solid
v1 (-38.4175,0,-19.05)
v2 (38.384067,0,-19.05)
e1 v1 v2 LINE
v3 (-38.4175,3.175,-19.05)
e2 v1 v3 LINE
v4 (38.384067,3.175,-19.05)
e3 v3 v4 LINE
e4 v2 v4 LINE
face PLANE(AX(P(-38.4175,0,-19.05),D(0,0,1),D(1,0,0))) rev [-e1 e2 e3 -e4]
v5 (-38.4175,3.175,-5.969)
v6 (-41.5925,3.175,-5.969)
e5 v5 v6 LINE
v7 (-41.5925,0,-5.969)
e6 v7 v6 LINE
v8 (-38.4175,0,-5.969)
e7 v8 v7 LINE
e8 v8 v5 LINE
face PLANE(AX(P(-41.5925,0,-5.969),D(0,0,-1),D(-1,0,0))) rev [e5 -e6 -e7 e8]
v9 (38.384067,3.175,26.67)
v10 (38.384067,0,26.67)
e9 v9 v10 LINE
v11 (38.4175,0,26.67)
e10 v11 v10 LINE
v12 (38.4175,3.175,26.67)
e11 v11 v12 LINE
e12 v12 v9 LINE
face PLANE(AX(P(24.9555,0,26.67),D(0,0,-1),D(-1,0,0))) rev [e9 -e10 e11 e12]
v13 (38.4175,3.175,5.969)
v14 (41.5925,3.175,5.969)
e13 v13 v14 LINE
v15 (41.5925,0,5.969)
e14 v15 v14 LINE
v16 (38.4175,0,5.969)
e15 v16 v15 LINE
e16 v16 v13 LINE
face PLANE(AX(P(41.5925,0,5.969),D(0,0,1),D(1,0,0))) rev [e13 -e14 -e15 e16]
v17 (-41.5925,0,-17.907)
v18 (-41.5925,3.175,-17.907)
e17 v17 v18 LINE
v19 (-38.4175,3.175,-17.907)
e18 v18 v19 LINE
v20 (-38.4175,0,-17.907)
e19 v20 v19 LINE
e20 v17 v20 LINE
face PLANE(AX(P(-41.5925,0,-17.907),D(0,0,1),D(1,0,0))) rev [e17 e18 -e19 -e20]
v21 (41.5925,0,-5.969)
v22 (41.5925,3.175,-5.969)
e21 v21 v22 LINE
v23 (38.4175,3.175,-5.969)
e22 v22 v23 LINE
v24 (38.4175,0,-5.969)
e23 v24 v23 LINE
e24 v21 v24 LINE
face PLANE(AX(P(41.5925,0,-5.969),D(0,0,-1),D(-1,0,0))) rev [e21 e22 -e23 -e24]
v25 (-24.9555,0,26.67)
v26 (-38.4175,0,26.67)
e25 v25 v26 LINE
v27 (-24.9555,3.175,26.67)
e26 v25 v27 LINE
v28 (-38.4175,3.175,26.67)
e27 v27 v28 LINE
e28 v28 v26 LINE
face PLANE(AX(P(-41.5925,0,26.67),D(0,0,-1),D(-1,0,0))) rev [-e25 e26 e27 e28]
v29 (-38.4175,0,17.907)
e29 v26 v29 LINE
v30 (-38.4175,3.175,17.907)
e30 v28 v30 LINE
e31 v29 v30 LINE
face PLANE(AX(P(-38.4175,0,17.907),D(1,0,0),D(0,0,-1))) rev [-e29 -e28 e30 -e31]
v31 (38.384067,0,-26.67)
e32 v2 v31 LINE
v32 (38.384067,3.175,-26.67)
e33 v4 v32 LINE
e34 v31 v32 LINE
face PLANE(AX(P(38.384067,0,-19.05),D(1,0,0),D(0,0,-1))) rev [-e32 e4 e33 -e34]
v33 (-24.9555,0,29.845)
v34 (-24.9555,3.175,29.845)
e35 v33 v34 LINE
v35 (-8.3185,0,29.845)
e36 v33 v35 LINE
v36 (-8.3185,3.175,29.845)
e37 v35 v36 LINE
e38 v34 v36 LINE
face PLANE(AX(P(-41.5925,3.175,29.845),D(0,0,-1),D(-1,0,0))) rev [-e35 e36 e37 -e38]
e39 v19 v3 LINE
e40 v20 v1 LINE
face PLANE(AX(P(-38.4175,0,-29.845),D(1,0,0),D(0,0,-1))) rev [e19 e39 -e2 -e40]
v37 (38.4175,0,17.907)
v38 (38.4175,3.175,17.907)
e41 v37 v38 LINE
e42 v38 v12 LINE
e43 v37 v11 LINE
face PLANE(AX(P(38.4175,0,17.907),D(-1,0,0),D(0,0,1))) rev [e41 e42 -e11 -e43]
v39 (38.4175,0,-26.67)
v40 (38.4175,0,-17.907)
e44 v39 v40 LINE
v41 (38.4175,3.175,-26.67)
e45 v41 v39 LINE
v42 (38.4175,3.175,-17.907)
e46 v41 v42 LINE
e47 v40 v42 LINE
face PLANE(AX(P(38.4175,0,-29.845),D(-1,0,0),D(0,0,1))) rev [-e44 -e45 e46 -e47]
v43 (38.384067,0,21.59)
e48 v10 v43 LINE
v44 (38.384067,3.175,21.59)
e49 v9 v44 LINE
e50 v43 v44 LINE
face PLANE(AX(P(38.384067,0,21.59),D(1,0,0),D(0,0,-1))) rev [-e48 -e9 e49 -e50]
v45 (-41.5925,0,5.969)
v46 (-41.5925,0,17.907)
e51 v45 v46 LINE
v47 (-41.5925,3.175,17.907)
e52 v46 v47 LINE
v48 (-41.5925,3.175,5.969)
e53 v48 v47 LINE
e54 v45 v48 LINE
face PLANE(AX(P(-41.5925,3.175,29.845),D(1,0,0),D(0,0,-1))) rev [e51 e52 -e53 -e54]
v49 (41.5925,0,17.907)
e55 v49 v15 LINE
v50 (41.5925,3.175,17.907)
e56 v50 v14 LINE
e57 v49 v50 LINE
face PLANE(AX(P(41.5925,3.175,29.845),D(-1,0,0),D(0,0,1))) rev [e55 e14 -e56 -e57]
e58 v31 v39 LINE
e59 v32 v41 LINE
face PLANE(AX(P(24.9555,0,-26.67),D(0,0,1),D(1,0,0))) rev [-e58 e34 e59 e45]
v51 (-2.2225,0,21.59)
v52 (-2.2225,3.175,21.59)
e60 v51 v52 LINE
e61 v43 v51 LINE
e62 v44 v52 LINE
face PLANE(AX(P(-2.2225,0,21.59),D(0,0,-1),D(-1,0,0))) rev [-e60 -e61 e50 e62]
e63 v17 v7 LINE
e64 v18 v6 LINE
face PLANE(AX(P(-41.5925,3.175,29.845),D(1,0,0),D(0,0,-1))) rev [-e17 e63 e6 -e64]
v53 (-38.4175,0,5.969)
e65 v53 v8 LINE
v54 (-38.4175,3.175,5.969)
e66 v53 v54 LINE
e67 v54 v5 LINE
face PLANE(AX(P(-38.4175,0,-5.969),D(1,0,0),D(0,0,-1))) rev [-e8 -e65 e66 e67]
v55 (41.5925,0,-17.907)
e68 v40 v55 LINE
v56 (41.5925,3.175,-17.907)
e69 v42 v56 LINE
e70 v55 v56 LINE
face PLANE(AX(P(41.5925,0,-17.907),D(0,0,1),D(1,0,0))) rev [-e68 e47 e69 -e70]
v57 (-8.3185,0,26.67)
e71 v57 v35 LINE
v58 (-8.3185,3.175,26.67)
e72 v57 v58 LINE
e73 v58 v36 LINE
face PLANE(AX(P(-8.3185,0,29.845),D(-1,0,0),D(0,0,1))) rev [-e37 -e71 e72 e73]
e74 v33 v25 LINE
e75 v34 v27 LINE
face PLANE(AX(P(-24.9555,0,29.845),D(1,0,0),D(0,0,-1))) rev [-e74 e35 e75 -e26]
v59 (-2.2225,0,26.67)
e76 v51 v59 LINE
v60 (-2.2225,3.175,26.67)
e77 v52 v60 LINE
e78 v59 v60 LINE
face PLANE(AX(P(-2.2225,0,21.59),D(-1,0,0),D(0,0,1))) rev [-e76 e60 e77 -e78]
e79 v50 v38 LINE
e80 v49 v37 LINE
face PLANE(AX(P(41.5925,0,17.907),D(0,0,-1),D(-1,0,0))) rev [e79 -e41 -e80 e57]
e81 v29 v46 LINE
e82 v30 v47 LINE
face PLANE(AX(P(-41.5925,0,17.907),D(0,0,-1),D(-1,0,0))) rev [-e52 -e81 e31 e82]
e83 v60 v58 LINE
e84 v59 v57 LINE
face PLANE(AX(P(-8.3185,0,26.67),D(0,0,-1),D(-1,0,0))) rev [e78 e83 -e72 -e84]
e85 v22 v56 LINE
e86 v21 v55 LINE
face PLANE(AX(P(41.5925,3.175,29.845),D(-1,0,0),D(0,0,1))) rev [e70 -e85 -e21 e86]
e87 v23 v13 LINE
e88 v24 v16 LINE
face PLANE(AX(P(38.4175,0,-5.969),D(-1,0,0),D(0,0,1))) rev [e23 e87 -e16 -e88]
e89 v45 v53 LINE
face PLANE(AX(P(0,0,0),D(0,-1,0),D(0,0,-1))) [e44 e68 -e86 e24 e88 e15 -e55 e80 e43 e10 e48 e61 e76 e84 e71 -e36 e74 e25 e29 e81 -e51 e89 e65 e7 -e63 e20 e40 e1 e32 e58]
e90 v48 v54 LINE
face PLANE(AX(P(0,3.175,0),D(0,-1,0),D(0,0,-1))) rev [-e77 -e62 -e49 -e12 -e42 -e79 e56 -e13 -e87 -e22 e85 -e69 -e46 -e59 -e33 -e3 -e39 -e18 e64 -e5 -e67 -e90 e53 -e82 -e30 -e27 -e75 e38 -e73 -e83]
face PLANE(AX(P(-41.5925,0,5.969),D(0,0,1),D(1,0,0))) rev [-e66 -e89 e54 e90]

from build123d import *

# Parameters (mm, degrees)
SKETCH1_W           = 83.185
SKETCH1_H           = 59.69
BOSS_EXTRUDE1_DEPTH = 3.175
SKETCH2_W           = 16.637
SKETCH2_H           = 3.175
CUT_EXTRUDE1_DEPTH  = 3.175
LPATTERN1_COUNT     = 3
LPATTERN1_PITCH     = 33.274
SKETCH3_W           = 3.175
SKETCH3_H           = 11.938
CUT_EXTRUDE2_DEPTH  = 3.175
LPATTERN4_COUNT     = 3
LPATTERN4_PITCH     = 23.876
SKETCH5_W           = 76.801567088
SKETCH5_H           = 11.204108434
SKETCH5_W_2         = 40.606567088
SKETCH5_H_2         = 13.017856784
CUT_EXTRUDE4_DEPTH  = 3.175


with BuildPart() as part:
    # Sketch1 → Boss-Extrude1 (new body)
    with BuildSketch(Plane(origin=(0, 0, 0), x_dir=(1, 0, 0), z_dir=(0, 1, 0))):
        Rectangle(SKETCH1_W, SKETCH1_H)
    extrude(amount=BOSS_EXTRUDE1_DEPTH)

    # Sketch2 → Cut-Extrude1 (cut)
    with BuildSketch(Plane(origin=(0, 3.175, 0), x_dir=(1, 0, 0), z_dir=(0, 1, 0))):
        with Locations((-33.274, 28.2575)):
            Rectangle(SKETCH2_W, SKETCH2_H)
        with Locations((-33.274, -28.2575)):
            Rectangle(SKETCH2_W, SKETCH2_H)
    cut_extrude1 = extrude(amount=-CUT_EXTRUDE1_DEPTH, mode=Mode.SUBTRACT)

    # LPattern1: Cut-Extrude1 ×3
    with Locations(*[(i * LPATTERN1_PITCH, 0, 0) for i in range(1, LPATTERN1_COUNT)]):
        add(cut_extrude1, mode=Mode.SUBTRACT)

    # Sketch3 → Cut-Extrude2 (cut)
    with BuildSketch(Plane(origin=(0, 3.175, 0), x_dir=(1, 0, 0), z_dir=(0, 1, 0))):
        with Locations((-40.005, 23.876)):
            Rectangle(SKETCH3_W, SKETCH3_H)
        with Locations((40.005, 23.876)):
            Rectangle(SKETCH3_W, SKETCH3_H)
    cut_extrude2 = extrude(amount=-CUT_EXTRUDE2_DEPTH, mode=Mode.SUBTRACT)

    # LPattern4: Cut-Extrude2 ×3
    with Locations(*[(0, 0, i * LPATTERN4_PITCH) for i in range(1, LPATTERN4_COUNT)]):
        add(cut_extrude2, mode=Mode.SUBTRACT)

    # Sketch5 → Cut-Extrude4 (cut)
    with BuildSketch(Plane(origin=(0, 3.175, 0), x_dir=(1, 0, 0), z_dir=(0, 1, 0))):
        with Locations((-0.016716456, 24.652054217)):
            Rectangle(SKETCH5_W, SKETCH5_H)
        with Locations((18.080783544, -28.098928392)):
            Rectangle(SKETCH5_W_2, SKETCH5_H_2)
    extrude(amount=-CUT_EXTRUDE4_DEPTH, mode=Mode.SUBTRACT)


solid = part.part
